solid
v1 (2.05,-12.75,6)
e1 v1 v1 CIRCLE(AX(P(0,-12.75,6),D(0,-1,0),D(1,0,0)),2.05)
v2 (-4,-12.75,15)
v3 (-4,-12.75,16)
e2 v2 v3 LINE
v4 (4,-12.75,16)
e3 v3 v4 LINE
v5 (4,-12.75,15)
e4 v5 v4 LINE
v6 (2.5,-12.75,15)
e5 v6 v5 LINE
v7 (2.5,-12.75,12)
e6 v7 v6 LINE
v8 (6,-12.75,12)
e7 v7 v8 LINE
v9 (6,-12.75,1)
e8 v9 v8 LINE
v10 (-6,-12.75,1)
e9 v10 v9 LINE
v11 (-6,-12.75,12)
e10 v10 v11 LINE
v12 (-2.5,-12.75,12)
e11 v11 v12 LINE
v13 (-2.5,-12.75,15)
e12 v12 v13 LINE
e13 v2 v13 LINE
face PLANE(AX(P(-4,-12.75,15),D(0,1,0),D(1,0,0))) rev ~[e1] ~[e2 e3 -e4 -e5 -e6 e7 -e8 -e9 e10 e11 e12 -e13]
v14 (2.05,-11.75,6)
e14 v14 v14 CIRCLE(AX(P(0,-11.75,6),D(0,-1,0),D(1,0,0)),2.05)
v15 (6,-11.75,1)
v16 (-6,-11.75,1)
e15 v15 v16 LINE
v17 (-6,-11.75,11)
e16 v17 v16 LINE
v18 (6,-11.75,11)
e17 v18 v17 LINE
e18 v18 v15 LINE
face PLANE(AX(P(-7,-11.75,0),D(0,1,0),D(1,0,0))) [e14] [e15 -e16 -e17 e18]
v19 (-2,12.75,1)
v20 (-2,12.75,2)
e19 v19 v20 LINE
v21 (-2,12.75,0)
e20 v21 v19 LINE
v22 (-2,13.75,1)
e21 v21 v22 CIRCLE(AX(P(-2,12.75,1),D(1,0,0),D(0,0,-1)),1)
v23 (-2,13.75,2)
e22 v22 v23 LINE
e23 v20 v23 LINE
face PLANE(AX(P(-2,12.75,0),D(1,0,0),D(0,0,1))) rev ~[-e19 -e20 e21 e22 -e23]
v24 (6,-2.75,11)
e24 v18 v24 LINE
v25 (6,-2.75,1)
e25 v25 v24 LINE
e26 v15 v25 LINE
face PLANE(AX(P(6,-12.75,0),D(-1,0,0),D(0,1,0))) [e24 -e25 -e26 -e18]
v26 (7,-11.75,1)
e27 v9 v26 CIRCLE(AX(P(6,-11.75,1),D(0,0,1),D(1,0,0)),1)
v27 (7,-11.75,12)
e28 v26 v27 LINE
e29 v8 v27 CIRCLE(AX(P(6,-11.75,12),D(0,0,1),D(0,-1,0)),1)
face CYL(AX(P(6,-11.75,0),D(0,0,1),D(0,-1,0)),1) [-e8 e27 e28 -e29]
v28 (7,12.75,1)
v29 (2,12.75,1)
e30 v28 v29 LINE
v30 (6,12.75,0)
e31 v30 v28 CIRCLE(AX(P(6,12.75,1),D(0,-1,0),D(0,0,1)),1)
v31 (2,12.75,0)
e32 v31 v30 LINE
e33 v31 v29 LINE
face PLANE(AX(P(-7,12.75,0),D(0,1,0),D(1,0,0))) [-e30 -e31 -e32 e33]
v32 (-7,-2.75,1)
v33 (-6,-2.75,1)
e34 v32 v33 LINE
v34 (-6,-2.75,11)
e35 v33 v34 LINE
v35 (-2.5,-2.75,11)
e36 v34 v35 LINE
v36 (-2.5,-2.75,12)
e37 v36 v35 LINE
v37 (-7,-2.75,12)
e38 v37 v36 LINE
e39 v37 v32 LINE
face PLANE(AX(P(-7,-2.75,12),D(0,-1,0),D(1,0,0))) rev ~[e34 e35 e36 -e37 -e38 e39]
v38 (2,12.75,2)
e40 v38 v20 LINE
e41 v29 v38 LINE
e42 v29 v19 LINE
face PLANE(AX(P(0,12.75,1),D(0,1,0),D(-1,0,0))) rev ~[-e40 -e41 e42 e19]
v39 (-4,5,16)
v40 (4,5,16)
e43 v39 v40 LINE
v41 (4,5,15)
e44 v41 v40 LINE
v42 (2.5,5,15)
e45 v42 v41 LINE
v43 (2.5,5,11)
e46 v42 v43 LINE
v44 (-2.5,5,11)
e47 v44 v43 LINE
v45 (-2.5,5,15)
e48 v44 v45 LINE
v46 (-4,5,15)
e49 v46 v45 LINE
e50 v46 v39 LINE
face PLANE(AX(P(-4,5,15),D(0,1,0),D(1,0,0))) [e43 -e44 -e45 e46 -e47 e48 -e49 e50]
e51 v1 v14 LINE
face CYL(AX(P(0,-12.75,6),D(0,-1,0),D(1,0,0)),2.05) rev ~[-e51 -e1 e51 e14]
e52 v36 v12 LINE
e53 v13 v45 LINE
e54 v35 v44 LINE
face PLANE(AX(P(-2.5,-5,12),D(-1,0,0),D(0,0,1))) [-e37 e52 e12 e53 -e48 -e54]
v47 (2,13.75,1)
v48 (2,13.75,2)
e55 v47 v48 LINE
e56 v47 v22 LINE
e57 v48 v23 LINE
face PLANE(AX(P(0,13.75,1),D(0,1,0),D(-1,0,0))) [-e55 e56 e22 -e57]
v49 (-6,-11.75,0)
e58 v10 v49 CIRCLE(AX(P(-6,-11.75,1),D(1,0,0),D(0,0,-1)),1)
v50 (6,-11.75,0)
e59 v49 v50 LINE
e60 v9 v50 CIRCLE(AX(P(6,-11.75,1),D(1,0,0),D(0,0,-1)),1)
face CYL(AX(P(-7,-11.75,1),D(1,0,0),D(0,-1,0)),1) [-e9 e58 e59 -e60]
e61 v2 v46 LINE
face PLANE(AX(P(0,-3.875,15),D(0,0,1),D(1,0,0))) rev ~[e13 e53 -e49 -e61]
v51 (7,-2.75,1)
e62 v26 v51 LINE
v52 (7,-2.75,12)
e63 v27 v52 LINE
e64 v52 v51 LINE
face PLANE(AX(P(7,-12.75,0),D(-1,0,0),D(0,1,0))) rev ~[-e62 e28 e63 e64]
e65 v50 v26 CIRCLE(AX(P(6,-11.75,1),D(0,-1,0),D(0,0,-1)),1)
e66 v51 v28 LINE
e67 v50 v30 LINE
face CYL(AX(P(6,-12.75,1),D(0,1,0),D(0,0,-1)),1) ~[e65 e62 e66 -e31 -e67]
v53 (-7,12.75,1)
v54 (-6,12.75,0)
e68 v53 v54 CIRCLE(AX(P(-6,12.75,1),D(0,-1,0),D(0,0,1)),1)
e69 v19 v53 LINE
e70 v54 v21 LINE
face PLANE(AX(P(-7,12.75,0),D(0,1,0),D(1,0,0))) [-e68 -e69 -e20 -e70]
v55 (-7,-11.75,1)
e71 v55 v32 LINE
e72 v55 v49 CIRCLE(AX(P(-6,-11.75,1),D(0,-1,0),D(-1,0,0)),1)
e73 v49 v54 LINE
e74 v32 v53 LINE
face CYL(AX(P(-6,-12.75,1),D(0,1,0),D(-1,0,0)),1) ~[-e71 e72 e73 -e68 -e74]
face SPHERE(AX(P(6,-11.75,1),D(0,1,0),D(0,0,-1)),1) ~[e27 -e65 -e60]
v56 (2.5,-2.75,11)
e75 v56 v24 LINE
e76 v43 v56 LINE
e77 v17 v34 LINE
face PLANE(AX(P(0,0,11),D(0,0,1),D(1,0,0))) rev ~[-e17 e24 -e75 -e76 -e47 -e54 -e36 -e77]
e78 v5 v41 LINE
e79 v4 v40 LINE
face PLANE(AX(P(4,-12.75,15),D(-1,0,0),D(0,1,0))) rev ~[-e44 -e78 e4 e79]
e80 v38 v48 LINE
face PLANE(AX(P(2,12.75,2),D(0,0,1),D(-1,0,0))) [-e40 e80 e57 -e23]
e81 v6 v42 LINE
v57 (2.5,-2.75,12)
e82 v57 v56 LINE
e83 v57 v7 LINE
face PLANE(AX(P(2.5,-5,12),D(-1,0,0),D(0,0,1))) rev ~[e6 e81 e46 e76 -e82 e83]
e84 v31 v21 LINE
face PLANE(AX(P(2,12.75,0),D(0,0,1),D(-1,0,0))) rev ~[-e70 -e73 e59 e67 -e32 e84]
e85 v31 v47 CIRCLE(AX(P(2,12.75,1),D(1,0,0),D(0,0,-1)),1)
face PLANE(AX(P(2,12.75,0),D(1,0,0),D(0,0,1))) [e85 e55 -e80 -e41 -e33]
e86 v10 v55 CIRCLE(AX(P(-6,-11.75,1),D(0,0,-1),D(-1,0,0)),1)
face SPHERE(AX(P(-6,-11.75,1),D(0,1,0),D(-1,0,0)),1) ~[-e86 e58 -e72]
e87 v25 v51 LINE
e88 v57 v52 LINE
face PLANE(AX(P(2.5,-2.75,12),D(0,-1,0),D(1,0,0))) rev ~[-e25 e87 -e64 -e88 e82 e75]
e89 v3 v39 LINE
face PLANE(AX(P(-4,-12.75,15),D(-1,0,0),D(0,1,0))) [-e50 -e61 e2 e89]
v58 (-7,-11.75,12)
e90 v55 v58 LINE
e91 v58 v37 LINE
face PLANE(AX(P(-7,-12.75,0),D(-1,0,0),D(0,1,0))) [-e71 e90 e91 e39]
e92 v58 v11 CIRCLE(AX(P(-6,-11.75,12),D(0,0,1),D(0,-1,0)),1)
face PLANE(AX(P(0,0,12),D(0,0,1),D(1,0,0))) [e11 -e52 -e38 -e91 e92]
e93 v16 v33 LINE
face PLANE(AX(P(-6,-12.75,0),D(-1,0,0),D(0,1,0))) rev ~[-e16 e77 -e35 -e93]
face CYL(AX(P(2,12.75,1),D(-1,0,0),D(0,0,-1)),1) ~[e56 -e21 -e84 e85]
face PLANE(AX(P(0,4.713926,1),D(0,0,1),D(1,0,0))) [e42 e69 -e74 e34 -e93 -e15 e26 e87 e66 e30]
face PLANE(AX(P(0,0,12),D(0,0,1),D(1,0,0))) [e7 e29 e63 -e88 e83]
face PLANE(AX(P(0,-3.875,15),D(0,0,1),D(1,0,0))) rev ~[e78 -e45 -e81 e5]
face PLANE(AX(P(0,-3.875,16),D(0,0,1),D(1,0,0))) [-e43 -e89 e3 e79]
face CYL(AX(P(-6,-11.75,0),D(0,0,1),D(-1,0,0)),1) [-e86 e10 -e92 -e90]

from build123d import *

# Parameters (mm, degrees)
F0_W      = 14
F0_H      = 25.5
F1_DEPTH  = 12
F2_T      = -1
F3_R      = 2.05
F4_DEPTH  = 25
F5_W      = 5
F5_H      = 10
F6_DEPTH  = 3
F7_R      = 1
F8_W      = 5
F8_H      = 3
F9_DEPTH  = 7.75
F10_W     = 8
F10_H     = 17.75
F11_DEPTH = 1
F13_DEPTH = 11
F14_W     = 4
F14_H     = 2
F15_DEPTH = 1
F16_R     = 1


with BuildPart() as f1:
    # F0 (on Top) → F1 (new body)
    with BuildSketch(Plane.XY):
        Rectangle(F0_W, F0_H)
    extrude(amount=F1_DEPTH)

    # F2
    f2_openings = [f1.faces().sort_by_distance(p)[0] for p in [
        (0, 12.75, 6),
    ]]
    offset(amount=F2_T, openings=f2_openings)

    # F3 (on face) → F4 (cut)
    with BuildSketch(Plane.XZ.offset(12.75)):
        with Locations((0, 6)):
            Circle(F3_R)
    extrude(amount=-F4_DEPTH, mode=Mode.SUBTRACT)

    # F5 (on face) → F6 (join)
    with BuildSketch(Plane.XY.offset(12)):
        Rectangle(F5_W, F5_H)
    extrude(amount=F6_DEPTH)

    # F7
    f7_edges = [f1.edges().sort_by_distance(p)[0] for p in [
        (7, 0, 0),
        (-7, 0, 0),
        (-7, -12.75, 6),
        (0, -12.75, 0),
        (7, -12.75, 6),
    ]]
    fillet(f7_edges, radius=F7_R)

    # F8 (on face) → F9 (join)
    with BuildSketch(Plane.XZ.offset(5)):
        with Locations((0, 13.5)):
            Rectangle(F8_W, F8_H)
    extrude(amount=F9_DEPTH)

    # F10 (on face) → F11 (join)
    with BuildSketch(Plane.XY.offset(15)):
        with Locations((0, -3.875)):
            Rectangle(F10_W, F10_H)
    extrude(amount=F11_DEPTH)

    # F12 (on face) → F13 (cut)
    with BuildSketch(Plane.XY.offset(12)):
        Polygon((7, -2.75), (7, 12.75), (-7, 12.75), (-7, -2.75), (-2.5, -2.75), (-2.5, 5), (2.5, 5), (2.5, -2.75), align=None)
    extrude(amount=-F13_DEPTH, mode=Mode.SUBTRACT)

    # F14 (on face) → F15 (join)
    with BuildSketch(Plane(origin=(0, 12.75, 0), x_dir=(-1, 0, 0), z_dir=(0, 1, 0))):
        with Locations((0, 1)):
            Rectangle(F14_W, F14_H)
    extrude(amount=F15_DEPTH)

    # F16
    f16_edges = [f1.edges().sort_by_distance(p)[0] for p in [
        (0, 13.75, 0),
    ]]
    fillet(f16_edges, radius=F16_R)


solid = f1.part
